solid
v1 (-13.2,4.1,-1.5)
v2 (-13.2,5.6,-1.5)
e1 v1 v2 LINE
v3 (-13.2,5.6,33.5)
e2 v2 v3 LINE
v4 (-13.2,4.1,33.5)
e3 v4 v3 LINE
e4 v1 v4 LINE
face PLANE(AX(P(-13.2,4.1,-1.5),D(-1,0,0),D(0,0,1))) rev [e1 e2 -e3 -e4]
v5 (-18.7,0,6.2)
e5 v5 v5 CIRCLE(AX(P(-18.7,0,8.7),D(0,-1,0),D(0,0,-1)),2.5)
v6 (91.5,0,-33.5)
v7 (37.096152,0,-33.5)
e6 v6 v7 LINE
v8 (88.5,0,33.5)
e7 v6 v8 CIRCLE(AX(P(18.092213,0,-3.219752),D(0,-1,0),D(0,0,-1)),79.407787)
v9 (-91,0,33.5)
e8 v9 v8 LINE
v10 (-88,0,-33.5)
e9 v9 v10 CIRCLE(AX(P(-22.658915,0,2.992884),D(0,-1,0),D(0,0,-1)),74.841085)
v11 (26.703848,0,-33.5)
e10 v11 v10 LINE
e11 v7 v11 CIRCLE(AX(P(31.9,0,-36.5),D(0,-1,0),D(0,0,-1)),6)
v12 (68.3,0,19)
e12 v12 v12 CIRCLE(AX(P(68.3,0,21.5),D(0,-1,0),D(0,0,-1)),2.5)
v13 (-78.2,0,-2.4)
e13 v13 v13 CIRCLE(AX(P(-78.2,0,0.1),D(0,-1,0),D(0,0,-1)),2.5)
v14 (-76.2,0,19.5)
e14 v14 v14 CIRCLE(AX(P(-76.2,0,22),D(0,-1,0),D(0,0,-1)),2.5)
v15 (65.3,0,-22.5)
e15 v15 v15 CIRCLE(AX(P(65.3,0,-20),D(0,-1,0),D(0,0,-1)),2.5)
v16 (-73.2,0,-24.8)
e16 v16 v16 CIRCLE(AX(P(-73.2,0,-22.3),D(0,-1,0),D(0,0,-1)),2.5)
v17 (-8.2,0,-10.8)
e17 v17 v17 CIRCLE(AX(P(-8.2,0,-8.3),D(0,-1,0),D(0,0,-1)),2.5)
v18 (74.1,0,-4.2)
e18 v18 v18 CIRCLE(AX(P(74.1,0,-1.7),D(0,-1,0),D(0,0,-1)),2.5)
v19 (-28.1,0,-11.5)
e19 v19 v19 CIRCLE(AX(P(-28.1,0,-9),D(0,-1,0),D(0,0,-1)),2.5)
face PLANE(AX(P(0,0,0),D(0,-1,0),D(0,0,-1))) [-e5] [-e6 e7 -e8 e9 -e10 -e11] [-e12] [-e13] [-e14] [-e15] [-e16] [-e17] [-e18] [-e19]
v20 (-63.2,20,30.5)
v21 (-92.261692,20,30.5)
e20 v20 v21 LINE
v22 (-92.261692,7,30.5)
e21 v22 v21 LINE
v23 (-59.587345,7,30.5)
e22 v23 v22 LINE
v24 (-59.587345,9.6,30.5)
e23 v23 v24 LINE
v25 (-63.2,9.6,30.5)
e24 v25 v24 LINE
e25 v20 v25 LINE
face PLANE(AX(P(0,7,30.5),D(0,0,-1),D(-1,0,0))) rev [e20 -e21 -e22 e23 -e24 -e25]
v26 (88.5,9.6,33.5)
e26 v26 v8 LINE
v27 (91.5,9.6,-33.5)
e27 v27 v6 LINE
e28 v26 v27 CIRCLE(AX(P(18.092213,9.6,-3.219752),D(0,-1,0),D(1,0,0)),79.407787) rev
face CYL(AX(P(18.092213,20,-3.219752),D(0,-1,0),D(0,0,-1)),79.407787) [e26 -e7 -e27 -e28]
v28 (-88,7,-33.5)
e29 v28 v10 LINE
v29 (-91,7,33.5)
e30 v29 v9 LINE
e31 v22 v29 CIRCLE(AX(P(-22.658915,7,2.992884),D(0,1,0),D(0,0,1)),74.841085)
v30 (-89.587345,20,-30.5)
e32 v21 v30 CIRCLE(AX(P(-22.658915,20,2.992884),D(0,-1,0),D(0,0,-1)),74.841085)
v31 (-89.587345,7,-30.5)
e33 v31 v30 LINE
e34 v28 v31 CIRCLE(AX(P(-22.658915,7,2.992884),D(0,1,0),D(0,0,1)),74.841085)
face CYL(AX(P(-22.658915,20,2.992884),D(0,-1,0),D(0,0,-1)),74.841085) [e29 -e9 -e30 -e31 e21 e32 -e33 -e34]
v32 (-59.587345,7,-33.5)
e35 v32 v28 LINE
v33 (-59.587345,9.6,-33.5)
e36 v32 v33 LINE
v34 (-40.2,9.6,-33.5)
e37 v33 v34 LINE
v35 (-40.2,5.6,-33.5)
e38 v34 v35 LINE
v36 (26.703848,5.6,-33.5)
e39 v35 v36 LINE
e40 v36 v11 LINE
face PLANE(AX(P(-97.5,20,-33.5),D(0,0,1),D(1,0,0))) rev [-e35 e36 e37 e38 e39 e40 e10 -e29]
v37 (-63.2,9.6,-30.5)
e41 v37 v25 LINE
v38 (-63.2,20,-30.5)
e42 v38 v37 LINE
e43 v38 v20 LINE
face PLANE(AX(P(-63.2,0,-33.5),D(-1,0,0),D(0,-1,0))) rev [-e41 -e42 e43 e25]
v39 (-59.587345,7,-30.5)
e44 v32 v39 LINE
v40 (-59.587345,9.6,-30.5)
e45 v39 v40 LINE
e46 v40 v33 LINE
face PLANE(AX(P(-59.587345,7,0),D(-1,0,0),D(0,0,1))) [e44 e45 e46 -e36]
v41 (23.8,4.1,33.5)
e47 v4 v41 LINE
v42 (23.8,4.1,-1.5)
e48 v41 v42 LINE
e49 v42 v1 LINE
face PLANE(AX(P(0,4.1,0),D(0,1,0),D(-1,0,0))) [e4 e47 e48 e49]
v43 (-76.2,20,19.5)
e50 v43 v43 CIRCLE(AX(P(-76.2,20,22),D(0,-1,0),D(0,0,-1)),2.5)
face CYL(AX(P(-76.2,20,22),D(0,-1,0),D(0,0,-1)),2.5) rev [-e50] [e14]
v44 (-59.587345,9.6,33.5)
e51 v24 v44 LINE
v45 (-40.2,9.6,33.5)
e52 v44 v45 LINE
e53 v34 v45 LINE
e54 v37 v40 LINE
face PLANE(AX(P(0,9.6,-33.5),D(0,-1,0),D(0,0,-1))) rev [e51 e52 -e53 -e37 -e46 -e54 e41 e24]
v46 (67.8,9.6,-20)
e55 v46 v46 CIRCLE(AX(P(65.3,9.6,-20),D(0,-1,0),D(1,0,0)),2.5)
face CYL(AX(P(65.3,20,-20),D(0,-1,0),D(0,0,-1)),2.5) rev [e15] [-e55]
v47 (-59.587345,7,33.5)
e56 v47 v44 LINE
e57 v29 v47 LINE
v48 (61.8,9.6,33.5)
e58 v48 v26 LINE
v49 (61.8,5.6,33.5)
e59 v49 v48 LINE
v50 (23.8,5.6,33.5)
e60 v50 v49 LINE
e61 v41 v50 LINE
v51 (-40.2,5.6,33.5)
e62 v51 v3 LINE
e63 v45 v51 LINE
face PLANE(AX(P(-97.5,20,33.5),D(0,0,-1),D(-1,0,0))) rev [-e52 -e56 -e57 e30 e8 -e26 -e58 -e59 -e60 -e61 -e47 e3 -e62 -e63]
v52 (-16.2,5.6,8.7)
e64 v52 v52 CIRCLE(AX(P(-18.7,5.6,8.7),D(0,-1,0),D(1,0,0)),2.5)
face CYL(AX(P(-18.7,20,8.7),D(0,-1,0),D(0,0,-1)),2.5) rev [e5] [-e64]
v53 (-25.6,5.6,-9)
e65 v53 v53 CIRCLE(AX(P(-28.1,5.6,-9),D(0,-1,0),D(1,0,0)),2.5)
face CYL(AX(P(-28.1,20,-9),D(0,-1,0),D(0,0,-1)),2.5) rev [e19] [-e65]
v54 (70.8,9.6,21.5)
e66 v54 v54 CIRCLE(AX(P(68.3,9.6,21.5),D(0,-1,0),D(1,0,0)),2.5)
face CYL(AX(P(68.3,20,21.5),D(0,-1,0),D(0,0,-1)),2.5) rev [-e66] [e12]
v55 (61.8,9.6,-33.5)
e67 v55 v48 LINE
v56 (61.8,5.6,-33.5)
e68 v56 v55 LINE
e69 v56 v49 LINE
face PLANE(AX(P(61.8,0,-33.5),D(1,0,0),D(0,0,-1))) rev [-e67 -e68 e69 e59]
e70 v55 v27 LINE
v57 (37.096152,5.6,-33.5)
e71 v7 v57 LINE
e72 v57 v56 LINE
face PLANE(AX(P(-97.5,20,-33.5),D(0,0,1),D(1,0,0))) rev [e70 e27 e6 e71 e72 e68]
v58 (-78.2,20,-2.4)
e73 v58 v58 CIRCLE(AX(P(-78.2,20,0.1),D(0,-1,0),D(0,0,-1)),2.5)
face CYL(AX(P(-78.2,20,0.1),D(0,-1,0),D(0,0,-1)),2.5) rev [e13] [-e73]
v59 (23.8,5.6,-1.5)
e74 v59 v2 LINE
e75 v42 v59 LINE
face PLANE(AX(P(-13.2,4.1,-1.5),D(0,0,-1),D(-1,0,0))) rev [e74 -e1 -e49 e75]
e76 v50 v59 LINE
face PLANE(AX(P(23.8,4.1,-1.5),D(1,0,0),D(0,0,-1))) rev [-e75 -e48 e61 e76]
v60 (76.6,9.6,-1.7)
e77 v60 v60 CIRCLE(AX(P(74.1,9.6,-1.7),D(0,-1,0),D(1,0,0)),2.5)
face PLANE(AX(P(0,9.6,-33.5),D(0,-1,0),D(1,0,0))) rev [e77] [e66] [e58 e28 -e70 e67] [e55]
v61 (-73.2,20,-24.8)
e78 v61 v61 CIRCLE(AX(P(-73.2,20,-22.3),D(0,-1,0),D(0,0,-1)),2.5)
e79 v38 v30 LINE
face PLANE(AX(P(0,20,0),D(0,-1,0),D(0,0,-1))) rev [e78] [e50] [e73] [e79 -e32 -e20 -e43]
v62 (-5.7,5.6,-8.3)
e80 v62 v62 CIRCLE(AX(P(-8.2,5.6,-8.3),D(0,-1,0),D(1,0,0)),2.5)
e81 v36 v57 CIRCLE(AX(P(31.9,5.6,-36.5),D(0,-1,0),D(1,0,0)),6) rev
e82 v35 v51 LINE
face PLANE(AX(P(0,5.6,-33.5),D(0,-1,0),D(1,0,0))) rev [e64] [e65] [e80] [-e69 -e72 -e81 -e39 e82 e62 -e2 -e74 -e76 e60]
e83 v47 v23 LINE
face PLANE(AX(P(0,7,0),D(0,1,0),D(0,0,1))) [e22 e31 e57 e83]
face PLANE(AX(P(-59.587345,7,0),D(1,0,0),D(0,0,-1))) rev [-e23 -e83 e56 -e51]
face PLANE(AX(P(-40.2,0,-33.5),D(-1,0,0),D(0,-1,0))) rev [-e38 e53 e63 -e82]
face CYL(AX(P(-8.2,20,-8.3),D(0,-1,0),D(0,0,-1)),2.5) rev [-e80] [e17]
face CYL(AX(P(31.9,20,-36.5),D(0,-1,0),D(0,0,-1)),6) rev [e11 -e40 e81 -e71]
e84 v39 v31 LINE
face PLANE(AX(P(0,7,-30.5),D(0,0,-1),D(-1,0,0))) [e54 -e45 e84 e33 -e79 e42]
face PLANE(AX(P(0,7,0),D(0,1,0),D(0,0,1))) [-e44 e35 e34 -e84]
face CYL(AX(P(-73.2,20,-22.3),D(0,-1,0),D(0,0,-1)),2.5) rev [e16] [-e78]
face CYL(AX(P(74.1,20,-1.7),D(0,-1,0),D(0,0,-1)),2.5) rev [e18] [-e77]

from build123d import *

# Parameters (mm, degrees)
SKETCH1_W           = 195
SKETCH1_H           = 67
BOSS_EXTRUDE1_DEPTH = 20
SKETCH2_R           = 6
CUT_EXTRUDE1_DEPTH  = 20
CUT_EXTRUDE2_DEPTH  = 120.980206701
CUT_EXTRUDE3_START  = -13
SKETCH4_W           = 3.612655346
SKETCH4_H           = 3
CUT_EXTRUDE3_DEPTH  = 13
SKETCH6_R           = 2.5
CUT_EXTRUDE4_DEPTH  = 106.016665344
SKETCH7_W           = 37
SKETCH7_H           = 35
CUT_EXTRUDE5_DEPTH  = 1.5


with BuildPart() as part:
    # Sketch1 → Boss-Extrude1 (new body)
    with BuildSketch(Plane(origin=(0, 0, 0), x_dir=(1, 0, 0), z_dir=(0, 1, 0))):
        Rectangle(SKETCH1_W, SKETCH1_H)
    extrude(amount=BOSS_EXTRUDE1_DEPTH)

    # Sketch2 → Cut-Extrude1 (cut)
    with BuildSketch(Plane.XZ):
        with BuildLine():
            Line((97.5, -3.219751644), (97.5, 33.5))
            Line((97.5, 33.5), (88.5, 33.5))
            ThreePointArc((88.5, 33.5), (95.217186872, 15.683556008), (97.5, -3.219751644))
        make_face()
        with BuildLine():
            Line((97.5, -33.5), (97.5, -3.219751644))
            ThreePointArc((97.5, -3.219751644), (95.985558513, -18.65423771), (91.5, -33.5))
            Line((91.5, -33.5), (97.5, -33.5))
        make_face()
        with BuildLine():
            ThreePointArc((-88, -33.5), (-95.08607052, -15.861694529), (-97.5, 2.992884749))
            Line((-97.5, 2.992884749), (-97.5, -33.5))
            Line((-97.5, -33.5), (-88, -33.5))
        make_face()
        with BuildLine():
            ThreePointArc((-97.5, 2.992884749), (-95.856964648, 18.588830376), (-91, 33.5))
            Line((-91, 33.5), (-97.5, 33.5))
            Line((-97.5, 33.5), (-97.5, 2.992884749))
        make_face()
        with Locations((31.9, -36.5)):
            Circle(SKETCH2_R)
    extrude(amount=-CUT_EXTRUDE1_DEPTH, mode=Mode.SUBTRACT)

    # Sketch3 → Cut-Extrude2 (cut, through all)
    with BuildSketch(Plane(origin=(0, 0, 33.5), x_dir=(-1, 0, 0), z_dir=(0, 0, -1))):
        Polygon((63.2, 20), (63.2, 9.6), (40.2, 9.6), (40.2, 5.6), (-61.8, 5.6), (-61.8, 9.6), (-97.5, 9.6), (-97.5, 20), align=None)
    extrude(amount=CUT_EXTRUDE2_DEPTH, mode=Mode.SUBTRACT)

    # Sketch4 → Cut-Extrude3 (cut)
    with BuildSketch(Plane(origin=(0, 20, 0), x_dir=(1, 0, 0), z_dir=(0, 1, 0)).offset(CUT_EXTRUDE3_START)):
        with BuildLine():
            Line((-63.2, 30.5), (-63.2, 33.5))
            Line((-63.2, 33.5), (-88, 33.5))
            ThreePointArc((-88, 33.5), (-88.810680862, 32.008999469), (-89.587344654, 30.5))
            Line((-89.587344654, 30.5), (-63.2, 30.5))
        make_face()
        with Locations((-61.393672327, 32)):
            Rectangle(SKETCH4_W, SKETCH4_H)
        with BuildLine():
            Line((-63.2, -33.5), (-63.2, -30.5))
            Line((-63.2, -30.5), (-92.261692194, -30.5))
            ThreePointArc((-92.261692194, -30.5), (-91.647155152, -32.006859002), (-91, -33.5))
            Line((-91, -33.5), (-63.2, -33.5))
        make_face()
        with Locations((-61.393672327, -32)):
            Rectangle(SKETCH4_W, SKETCH4_H)
    extrude(amount=CUT_EXTRUDE3_DEPTH, mode=Mode.SUBTRACT)

    # Sketch6 → Cut-Extrude4 (cut, through all)
    with BuildSketch(Plane.XZ):
        with Locations(Location((-28.1, -9, 0), (0, 0, 270))):
            Circle(SKETCH6_R)
        with Locations(Location((-8.2, -8.3, 0), (0, 0, 270))):
            Circle(SKETCH6_R)
        with Locations(Location((-18.7, 8.7, 0), (0, 0, 270))):
            Circle(SKETCH6_R)
        with Locations(Location((-76.2, 22, 0), (0, 0, 270))):
            Circle(SKETCH6_R)
        with Locations(Location((-78.2, 0.1, 0), (0, 0, 270))):
            Circle(SKETCH6_R)
        with Locations(Location((-73.2, -22.3, 0), (0, 0, 270))):
            Circle(SKETCH6_R)
        with Locations(Location((65.3, -20, 0), (0, 0, 270))):
            Circle(SKETCH6_R)
        with Locations(Location((74.1, -1.7, 0), (0, 0, 270))):
            Circle(SKETCH6_R)
        with Locations(Location((68.3, 21.5, 0), (0, 0, 270))):
            Circle(SKETCH6_R)
    extrude(amount=-CUT_EXTRUDE4_DEPTH, mode=Mode.SUBTRACT)

    # Sketch7 → Cut-Extrude5 (cut)
    with BuildSketch(Plane(origin=(0, 5.6, 0), x_dir=(1, 0, 0), z_dir=(0, 1, 0))):
        with Locations((5.3, -16)):
            Rectangle(SKETCH7_W, SKETCH7_H)
    extrude(amount=-CUT_EXTRUDE5_DEPTH, mode=Mode.SUBTRACT)


solid = part.part
